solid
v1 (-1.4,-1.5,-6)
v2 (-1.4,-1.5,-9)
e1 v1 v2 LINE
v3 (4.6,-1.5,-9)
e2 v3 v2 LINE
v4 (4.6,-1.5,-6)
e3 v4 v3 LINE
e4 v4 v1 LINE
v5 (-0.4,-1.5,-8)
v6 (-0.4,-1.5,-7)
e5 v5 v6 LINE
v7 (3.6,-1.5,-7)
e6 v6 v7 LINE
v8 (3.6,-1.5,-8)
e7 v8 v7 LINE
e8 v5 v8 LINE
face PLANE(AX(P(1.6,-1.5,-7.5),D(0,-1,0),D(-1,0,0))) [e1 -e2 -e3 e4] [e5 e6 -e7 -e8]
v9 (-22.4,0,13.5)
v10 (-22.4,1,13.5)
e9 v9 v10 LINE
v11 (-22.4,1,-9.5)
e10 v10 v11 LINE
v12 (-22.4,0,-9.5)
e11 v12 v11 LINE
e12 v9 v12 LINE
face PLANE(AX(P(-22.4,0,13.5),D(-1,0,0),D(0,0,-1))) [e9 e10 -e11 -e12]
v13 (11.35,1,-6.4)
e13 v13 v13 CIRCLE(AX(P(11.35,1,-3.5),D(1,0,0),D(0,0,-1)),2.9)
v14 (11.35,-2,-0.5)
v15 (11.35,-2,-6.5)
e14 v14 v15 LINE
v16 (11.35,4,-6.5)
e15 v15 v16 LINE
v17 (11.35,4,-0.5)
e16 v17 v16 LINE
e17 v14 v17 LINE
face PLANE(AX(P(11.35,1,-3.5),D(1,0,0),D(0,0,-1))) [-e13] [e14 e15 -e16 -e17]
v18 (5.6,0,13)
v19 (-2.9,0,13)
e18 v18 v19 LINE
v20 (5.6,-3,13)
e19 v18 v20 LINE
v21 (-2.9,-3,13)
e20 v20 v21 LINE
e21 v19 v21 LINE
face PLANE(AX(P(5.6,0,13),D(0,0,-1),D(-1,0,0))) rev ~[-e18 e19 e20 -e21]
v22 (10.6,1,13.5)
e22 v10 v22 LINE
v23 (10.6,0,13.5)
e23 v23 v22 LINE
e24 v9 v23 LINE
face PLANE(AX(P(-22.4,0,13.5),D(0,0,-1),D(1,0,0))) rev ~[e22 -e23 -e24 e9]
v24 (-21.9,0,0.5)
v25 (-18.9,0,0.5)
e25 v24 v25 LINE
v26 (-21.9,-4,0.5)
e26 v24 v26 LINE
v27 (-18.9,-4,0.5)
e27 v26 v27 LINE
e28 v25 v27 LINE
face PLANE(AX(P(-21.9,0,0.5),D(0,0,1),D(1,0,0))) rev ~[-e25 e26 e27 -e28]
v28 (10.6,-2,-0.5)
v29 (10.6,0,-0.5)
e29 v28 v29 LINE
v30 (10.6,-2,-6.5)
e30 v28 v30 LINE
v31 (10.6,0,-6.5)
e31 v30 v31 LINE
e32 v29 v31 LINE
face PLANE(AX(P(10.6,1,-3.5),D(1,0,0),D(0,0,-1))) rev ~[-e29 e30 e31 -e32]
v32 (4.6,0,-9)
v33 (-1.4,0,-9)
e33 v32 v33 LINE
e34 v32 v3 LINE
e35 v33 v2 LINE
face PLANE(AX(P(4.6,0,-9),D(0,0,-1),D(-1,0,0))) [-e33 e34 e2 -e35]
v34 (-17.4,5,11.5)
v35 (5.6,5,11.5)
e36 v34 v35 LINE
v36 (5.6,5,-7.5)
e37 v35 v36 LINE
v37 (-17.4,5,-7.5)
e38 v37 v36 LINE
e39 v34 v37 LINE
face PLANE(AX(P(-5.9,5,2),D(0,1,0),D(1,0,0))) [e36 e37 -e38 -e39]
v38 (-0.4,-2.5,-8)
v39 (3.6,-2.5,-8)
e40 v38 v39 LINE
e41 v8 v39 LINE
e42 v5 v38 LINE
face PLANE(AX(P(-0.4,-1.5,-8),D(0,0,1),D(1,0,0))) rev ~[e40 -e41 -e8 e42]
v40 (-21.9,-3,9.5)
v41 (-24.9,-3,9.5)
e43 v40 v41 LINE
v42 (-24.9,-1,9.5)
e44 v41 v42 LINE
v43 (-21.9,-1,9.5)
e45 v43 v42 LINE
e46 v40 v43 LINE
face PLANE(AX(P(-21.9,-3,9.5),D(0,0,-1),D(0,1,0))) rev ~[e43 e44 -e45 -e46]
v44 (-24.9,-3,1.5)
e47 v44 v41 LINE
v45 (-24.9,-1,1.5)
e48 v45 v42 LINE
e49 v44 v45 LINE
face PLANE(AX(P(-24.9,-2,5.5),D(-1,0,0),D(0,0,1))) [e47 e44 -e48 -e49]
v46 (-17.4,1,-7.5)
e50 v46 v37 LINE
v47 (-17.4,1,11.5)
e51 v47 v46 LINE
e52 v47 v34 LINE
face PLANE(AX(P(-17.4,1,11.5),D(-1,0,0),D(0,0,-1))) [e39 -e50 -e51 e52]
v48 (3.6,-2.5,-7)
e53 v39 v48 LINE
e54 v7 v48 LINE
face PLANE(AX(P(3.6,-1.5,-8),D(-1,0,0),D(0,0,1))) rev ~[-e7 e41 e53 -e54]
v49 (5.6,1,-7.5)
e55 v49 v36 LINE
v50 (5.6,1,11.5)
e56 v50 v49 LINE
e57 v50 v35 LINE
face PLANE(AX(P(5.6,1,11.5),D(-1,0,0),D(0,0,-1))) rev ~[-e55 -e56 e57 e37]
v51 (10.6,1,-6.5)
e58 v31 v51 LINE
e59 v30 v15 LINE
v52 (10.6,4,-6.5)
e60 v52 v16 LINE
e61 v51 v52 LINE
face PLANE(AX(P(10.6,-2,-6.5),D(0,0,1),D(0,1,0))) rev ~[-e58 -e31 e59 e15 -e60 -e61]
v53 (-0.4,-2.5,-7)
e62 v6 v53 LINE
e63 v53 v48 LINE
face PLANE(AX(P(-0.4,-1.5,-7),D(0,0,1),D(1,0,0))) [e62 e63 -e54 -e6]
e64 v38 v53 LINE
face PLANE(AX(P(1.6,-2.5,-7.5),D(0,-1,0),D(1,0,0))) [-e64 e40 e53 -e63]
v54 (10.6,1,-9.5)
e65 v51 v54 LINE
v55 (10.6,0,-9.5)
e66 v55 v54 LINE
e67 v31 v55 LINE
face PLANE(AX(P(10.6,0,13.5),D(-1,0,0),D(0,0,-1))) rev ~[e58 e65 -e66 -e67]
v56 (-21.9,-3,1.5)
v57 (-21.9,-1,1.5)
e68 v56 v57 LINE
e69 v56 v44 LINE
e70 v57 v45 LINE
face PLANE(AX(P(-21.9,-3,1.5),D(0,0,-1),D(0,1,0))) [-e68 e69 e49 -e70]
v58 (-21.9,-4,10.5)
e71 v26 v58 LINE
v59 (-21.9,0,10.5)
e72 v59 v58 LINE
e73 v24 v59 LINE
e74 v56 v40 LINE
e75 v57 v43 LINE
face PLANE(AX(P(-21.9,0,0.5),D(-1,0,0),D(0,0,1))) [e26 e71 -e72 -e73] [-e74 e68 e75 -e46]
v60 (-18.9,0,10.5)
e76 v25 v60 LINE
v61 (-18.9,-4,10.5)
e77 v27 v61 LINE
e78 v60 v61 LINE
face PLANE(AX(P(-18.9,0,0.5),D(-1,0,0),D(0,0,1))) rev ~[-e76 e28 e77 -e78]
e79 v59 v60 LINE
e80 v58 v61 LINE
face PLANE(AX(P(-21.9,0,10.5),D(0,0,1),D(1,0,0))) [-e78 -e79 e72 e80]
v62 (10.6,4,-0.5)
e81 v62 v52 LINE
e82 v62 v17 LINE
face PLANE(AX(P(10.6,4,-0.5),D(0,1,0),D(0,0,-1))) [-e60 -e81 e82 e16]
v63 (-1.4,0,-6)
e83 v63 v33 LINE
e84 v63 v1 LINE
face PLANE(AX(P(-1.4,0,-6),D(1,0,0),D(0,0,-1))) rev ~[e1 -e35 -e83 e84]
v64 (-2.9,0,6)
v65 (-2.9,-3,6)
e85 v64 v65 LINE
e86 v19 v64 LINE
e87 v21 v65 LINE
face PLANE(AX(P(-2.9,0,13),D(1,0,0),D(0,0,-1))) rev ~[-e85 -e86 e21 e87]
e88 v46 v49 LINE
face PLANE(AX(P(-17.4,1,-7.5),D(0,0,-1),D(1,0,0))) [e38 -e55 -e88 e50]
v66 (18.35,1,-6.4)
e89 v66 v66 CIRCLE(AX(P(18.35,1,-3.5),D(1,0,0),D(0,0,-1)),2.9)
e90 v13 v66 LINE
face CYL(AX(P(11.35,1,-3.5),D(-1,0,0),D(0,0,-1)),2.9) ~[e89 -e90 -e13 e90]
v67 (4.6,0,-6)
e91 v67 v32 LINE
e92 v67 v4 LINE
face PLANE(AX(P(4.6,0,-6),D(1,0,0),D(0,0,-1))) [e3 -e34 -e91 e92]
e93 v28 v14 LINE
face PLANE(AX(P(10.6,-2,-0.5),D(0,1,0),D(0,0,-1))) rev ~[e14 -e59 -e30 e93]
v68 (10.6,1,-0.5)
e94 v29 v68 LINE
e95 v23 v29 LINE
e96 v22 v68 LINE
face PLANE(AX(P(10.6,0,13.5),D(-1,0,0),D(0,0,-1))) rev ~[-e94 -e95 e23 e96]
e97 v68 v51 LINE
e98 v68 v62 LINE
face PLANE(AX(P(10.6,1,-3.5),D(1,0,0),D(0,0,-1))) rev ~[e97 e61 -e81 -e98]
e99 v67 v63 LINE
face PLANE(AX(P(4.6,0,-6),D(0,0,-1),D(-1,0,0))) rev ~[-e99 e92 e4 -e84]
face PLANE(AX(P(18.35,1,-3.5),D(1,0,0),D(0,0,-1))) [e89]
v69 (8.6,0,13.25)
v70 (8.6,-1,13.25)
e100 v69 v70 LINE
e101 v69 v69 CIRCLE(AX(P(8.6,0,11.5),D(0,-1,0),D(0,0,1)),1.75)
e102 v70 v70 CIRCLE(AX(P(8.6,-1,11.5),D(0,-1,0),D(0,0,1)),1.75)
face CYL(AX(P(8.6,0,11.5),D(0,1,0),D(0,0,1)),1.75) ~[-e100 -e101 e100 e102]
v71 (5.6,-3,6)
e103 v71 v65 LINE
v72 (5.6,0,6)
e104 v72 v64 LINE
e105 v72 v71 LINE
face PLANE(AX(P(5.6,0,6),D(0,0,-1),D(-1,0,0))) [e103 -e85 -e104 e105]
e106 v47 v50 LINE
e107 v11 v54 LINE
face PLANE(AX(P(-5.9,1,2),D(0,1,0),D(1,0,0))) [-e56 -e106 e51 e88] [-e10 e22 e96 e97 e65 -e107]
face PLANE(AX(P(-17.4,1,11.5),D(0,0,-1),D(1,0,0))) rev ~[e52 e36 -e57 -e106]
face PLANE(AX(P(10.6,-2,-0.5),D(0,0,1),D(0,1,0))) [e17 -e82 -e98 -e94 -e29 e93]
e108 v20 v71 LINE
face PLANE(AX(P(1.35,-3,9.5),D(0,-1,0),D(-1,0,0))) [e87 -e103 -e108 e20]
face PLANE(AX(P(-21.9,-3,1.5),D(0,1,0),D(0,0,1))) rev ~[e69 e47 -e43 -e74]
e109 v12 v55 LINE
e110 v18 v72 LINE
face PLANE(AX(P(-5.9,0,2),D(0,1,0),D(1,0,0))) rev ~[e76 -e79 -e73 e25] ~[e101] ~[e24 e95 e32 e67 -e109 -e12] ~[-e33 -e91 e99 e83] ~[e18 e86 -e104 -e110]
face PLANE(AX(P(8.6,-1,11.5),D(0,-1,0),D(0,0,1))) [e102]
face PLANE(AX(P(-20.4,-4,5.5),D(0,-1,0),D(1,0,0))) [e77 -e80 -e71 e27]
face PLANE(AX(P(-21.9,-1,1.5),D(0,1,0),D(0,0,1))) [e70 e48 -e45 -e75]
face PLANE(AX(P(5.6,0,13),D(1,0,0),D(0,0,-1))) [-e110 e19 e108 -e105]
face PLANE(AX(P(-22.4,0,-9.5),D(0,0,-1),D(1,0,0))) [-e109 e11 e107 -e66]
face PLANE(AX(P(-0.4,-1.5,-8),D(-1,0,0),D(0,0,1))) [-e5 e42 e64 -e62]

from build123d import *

# Parameters (mm, degrees)
SKETCH1_W            = 33
SKETCH1_H            = 23
BOSS_EXTRUDE1_DEPTH  = 1
SKETCH2_W            = 23
SKETCH2_H            = 19
BOSS_EXTRUDE2_DEPTH  = 4
SKETCH3_W            = 8.5
SKETCH3_H            = 7
BOSS_EXTRUDE4_DEPTH  = 3
SKETCH4_R            = 1.75
BOSS_EXTRUDE5_DEPTH  = 1
SKETCH5_W            = 6
SKETCH5_H            = 6
BOSS_EXTRUDE6_DEPTH  = 0.75
SKETCH6_R            = 2.9
BOSS_EXTRUDE7_DEPTH  = 7
SKETCH7_W            = 6
SKETCH7_H            = 3
BOSS_EXTRUDE8_DEPTH  = 1.5
SKETCH8_W            = 4
SKETCH8_H            = 1
BOSS_EXTRUDE9_DEPTH  = 1
SKETCH9_W            = 3
SKETCH9_H            = 10
BOSS_EXTRUDE10_DEPTH = 4
SKETCH10_W           = 8
SKETCH10_H           = 2
BOSS_EXTRUDE11_DEPTH = 3


with BuildPart() as part:
    # Sketch1 → Boss-Extrude1 (new body)
    with BuildSketch(Plane(origin=(0, 0, 0), x_dir=(1, 0, 0), z_dir=(0, 1, 0))):
        with Locations((-5.9, -2)):
            Rectangle(SKETCH1_W, SKETCH1_H)
    extrude(amount=BOSS_EXTRUDE1_DEPTH)

    # Sketch2 → Boss-Extrude2 (add)
    with BuildSketch(Plane(origin=(0, 1, 0), x_dir=(1, 0, 0), z_dir=(0, 1, 0))):
        with Locations((-5.9, -2)):
            Rectangle(SKETCH2_W, SKETCH2_H)
    extrude(amount=BOSS_EXTRUDE2_DEPTH)

    # Sketch3 → Boss-Extrude4 (add)
    with BuildSketch(Plane(origin=(0, 0, 0), x_dir=(-1, 0, 0), z_dir=(0, -1, 0))):
        with Locations((-1.35, -9.5)):
            Rectangle(SKETCH3_W, SKETCH3_H)
    extrude(amount=BOSS_EXTRUDE4_DEPTH)

    # Sketch4 → Boss-Extrude5 (add)
    with BuildSketch(Plane.XZ):
        with Locations(Location((8.6, 11.5, 0), (0, 0, 90))):
            Circle(SKETCH4_R)
    extrude(amount=BOSS_EXTRUDE5_DEPTH)

    # Sketch5 → Boss-Extrude6 (add)
    with BuildSketch(Plane(origin=(10.6, 0, 0), x_dir=(0, 0, -1), z_dir=(1, 0, 0))):
        with Locations((3.5, 1)):
            Rectangle(SKETCH5_W, SKETCH5_H)
    extrude(amount=BOSS_EXTRUDE6_DEPTH)

    # Sketch6 → Boss-Extrude7 (add)
    with BuildSketch(Plane(origin=(11.35, 0, 0), x_dir=(0, 0, -1), z_dir=(1, 0, 0))):
        with Locations((3.5, 1)):
            Circle(SKETCH6_R)
    extrude(amount=BOSS_EXTRUDE7_DEPTH)

    # Sketch7 → Boss-Extrude8 (add)
    with BuildSketch(Plane(origin=(0, 0, 0), x_dir=(-1, 0, 0), z_dir=(0, -1, 0))):
        with Locations((-1.6, 7.5)):
            Rectangle(SKETCH7_W, SKETCH7_H)
    extrude(amount=BOSS_EXTRUDE8_DEPTH)

    # Sketch8 → Boss-Extrude9 (add)
    with BuildSketch(Plane.XZ.offset(1.5)):
        with Locations((1.6, -7.5)):
            Rectangle(SKETCH8_W, SKETCH8_H)
    extrude(amount=BOSS_EXTRUDE9_DEPTH)

    # Sketch9 → Boss-Extrude10 (add)
    with BuildSketch(Plane.XZ):
        with Locations((-20.4, 5.5)):
            Rectangle(SKETCH9_W, SKETCH9_H)
    extrude(amount=BOSS_EXTRUDE10_DEPTH)

    # Sketch10 → Boss-Extrude11 (add)
    with BuildSketch(Plane.ZY.offset(21.9)):
        with Locations((5.5, -2)):
            Rectangle(SKETCH10_W, SKETCH10_H)
    extrude(amount=BOSS_EXTRUDE11_DEPTH)


solid = part.part
